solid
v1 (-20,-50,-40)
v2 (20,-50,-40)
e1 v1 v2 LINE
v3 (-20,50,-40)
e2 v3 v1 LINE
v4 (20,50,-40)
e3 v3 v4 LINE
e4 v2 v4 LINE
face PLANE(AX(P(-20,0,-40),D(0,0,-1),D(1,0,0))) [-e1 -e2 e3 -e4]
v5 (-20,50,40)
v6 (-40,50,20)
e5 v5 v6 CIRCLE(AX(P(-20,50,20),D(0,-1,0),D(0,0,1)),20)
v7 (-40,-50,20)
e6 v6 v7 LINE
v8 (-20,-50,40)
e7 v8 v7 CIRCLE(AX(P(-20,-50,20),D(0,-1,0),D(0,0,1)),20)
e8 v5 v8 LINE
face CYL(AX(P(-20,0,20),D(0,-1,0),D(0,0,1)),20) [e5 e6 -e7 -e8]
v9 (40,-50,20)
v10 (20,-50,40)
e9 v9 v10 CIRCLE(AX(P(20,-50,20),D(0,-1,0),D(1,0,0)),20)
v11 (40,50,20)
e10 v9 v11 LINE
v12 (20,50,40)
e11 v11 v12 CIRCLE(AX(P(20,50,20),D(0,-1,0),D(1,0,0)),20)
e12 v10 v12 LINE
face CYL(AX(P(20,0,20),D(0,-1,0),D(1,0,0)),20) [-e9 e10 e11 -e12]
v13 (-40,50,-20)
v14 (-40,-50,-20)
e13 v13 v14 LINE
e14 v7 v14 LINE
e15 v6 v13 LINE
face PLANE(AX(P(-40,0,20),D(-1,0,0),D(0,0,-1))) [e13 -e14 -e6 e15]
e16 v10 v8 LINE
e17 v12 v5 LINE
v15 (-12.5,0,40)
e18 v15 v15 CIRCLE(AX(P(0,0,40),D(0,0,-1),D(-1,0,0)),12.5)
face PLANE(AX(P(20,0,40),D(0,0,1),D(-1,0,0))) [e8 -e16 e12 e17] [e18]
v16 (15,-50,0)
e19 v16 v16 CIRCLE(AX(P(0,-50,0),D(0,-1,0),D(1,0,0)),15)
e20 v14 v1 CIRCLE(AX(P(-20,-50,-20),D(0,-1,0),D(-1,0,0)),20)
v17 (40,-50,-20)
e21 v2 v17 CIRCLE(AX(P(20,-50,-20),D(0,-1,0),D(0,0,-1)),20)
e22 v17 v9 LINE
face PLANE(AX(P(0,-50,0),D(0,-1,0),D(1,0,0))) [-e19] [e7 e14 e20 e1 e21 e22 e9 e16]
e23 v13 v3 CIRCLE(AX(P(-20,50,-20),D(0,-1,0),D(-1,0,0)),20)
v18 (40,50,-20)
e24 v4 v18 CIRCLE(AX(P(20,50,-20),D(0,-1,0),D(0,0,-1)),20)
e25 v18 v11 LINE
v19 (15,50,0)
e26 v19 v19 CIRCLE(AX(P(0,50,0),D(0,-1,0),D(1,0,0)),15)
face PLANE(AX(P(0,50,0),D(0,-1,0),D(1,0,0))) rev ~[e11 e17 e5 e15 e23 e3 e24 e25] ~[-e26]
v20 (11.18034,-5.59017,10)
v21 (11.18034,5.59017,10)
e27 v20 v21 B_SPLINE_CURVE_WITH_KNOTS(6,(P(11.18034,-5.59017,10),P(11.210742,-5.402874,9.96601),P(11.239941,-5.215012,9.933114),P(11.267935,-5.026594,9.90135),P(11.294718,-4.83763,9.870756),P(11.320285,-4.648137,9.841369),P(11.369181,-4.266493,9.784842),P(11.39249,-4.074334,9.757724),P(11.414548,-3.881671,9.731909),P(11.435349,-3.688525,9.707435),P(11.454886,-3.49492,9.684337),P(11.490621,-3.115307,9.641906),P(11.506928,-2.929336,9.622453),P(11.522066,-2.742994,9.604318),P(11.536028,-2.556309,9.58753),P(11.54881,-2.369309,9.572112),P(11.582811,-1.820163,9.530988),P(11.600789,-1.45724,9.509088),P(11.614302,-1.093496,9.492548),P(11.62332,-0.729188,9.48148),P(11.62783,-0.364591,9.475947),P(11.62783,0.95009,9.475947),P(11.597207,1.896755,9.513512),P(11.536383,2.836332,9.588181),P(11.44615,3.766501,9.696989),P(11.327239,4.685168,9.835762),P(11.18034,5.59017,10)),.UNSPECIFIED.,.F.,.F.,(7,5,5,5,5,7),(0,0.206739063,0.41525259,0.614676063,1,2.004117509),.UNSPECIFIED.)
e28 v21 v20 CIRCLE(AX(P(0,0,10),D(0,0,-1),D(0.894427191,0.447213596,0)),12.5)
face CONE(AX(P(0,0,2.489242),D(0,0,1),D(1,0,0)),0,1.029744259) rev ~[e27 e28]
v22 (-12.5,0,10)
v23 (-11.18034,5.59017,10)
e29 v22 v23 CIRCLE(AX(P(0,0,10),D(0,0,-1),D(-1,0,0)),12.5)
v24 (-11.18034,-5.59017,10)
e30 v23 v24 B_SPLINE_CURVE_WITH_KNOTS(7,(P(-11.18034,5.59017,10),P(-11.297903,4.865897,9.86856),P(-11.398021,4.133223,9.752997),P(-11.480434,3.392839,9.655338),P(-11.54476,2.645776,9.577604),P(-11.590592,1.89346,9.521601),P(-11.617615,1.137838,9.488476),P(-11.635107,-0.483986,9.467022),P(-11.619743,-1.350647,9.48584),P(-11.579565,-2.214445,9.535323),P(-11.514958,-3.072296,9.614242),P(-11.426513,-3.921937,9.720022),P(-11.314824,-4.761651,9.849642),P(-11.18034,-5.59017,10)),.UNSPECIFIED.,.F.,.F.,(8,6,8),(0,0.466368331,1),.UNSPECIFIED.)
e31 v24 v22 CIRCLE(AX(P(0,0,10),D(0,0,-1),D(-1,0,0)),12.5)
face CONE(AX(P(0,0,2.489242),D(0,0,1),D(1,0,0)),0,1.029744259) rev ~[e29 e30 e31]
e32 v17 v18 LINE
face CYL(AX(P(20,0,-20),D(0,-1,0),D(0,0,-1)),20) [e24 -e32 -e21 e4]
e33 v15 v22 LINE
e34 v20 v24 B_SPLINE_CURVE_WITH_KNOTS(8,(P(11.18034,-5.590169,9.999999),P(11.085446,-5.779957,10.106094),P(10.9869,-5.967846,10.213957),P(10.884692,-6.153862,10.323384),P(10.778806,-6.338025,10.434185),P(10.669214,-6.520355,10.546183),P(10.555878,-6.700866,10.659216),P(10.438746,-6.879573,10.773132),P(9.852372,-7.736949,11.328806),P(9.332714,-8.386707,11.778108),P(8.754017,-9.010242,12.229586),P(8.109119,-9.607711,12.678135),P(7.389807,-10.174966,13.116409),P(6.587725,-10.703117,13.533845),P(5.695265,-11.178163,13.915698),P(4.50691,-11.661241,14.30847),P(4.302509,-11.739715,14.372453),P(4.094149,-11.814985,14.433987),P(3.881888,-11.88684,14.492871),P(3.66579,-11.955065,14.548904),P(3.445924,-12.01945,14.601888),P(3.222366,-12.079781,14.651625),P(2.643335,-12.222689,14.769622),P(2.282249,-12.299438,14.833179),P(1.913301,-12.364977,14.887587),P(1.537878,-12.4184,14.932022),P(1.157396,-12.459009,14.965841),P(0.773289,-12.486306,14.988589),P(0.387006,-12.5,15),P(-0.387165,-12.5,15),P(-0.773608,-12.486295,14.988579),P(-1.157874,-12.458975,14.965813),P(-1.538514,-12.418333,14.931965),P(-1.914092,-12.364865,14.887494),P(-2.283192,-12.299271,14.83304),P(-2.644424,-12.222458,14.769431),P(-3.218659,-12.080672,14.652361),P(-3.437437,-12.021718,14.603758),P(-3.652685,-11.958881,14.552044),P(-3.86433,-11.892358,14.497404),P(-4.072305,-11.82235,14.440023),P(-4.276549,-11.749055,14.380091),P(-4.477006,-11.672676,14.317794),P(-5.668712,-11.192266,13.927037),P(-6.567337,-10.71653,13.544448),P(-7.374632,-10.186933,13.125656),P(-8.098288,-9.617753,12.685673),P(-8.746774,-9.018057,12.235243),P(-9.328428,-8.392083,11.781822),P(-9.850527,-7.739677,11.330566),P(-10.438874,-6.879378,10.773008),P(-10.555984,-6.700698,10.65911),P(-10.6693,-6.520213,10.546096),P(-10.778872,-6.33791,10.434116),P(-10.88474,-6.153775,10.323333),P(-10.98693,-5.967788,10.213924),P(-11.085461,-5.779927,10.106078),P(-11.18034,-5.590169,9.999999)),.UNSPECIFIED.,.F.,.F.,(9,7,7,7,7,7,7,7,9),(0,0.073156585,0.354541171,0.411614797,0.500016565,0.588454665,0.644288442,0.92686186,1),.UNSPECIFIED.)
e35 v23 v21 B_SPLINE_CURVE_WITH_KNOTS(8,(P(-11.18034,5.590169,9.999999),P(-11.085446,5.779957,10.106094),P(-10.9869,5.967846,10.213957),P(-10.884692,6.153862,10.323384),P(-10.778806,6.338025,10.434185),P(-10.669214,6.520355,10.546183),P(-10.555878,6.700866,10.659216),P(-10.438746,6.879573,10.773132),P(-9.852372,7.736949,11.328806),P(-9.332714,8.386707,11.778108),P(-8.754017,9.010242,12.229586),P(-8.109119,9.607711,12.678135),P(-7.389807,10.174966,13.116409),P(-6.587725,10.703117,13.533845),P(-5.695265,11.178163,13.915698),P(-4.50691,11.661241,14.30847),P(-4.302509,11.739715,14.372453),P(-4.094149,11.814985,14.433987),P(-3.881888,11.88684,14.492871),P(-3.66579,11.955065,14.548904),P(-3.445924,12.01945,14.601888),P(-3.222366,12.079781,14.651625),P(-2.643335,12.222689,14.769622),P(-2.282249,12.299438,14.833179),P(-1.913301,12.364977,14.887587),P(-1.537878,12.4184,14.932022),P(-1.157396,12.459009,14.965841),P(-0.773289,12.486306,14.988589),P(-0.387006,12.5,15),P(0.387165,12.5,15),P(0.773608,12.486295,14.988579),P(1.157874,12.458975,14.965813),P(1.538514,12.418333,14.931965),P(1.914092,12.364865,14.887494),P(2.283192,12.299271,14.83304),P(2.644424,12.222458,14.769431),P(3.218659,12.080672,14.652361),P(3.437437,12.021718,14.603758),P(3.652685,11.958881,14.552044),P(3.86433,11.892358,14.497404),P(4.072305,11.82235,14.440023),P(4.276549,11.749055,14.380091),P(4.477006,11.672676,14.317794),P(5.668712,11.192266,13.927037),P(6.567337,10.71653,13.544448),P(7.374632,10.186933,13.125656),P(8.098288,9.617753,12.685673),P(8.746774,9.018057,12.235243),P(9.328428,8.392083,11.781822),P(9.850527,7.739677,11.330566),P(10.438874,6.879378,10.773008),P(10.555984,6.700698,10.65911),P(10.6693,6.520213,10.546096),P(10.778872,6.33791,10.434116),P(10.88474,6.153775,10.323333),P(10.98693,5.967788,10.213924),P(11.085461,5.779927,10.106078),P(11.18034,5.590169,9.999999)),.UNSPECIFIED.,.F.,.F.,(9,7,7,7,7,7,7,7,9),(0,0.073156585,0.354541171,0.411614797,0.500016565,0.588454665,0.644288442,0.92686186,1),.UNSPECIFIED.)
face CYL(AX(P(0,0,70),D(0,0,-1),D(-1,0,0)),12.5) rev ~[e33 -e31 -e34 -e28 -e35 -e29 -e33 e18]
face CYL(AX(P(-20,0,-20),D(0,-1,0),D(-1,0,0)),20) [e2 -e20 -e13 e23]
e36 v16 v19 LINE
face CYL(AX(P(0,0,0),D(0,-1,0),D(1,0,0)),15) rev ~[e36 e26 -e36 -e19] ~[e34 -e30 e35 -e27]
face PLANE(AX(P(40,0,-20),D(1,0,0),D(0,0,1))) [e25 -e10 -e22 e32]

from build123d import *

# Parameters (mm, degrees)
F0_R          = 15
F1_DEPTH      = 50
F1_DEPTH_BACK = 50
F3_D          = 25
F3_DEPTH      = 30
F3_TIP        = 7.5107577378


with BuildPart() as f1:
    # F0 (on Front) → F1 (new body, two sides)
    with BuildSketch(Plane.XZ) as f1_sk:
        with BuildLine():
            Line((20, 40), (-20, 40))
            ThreePointArc((-20, 40), (-34.1421356237, 34.1421356237), (-40, 20))
            Line((-40, 20), (-40, -20))
            ThreePointArc((-40, -20), (-34.1421356237, -34.1421356237), (-20, -40))
            Line((-20, -40), (20, -40))
            ThreePointArc((20, -40), (34.1421356237, -34.1421356237), (40, -20))
            Line((40, -20), (40, 20))
            ThreePointArc((40, 20), (34.1421356237, 34.1421356237), (20, 40))
        make_face()
        Circle(F0_R, mode=Mode.SUBTRACT)
    extrude(amount=F1_DEPTH)
    extrude(f1_sk.sketch, amount=-F1_DEPTH_BACK)

    # F3
    with Locations(Plane.XY.offset(40)):
        with Locations((0, 0)):
            Hole(F3_D / 2, depth=F3_DEPTH)
            with Locations((0, 0, -(F3_DEPTH + F3_TIP / 2))):  # 118° drill point
                Cone(0, F3_D / 2, F3_TIP, mode=Mode.SUBTRACT)


solid = f1.part
